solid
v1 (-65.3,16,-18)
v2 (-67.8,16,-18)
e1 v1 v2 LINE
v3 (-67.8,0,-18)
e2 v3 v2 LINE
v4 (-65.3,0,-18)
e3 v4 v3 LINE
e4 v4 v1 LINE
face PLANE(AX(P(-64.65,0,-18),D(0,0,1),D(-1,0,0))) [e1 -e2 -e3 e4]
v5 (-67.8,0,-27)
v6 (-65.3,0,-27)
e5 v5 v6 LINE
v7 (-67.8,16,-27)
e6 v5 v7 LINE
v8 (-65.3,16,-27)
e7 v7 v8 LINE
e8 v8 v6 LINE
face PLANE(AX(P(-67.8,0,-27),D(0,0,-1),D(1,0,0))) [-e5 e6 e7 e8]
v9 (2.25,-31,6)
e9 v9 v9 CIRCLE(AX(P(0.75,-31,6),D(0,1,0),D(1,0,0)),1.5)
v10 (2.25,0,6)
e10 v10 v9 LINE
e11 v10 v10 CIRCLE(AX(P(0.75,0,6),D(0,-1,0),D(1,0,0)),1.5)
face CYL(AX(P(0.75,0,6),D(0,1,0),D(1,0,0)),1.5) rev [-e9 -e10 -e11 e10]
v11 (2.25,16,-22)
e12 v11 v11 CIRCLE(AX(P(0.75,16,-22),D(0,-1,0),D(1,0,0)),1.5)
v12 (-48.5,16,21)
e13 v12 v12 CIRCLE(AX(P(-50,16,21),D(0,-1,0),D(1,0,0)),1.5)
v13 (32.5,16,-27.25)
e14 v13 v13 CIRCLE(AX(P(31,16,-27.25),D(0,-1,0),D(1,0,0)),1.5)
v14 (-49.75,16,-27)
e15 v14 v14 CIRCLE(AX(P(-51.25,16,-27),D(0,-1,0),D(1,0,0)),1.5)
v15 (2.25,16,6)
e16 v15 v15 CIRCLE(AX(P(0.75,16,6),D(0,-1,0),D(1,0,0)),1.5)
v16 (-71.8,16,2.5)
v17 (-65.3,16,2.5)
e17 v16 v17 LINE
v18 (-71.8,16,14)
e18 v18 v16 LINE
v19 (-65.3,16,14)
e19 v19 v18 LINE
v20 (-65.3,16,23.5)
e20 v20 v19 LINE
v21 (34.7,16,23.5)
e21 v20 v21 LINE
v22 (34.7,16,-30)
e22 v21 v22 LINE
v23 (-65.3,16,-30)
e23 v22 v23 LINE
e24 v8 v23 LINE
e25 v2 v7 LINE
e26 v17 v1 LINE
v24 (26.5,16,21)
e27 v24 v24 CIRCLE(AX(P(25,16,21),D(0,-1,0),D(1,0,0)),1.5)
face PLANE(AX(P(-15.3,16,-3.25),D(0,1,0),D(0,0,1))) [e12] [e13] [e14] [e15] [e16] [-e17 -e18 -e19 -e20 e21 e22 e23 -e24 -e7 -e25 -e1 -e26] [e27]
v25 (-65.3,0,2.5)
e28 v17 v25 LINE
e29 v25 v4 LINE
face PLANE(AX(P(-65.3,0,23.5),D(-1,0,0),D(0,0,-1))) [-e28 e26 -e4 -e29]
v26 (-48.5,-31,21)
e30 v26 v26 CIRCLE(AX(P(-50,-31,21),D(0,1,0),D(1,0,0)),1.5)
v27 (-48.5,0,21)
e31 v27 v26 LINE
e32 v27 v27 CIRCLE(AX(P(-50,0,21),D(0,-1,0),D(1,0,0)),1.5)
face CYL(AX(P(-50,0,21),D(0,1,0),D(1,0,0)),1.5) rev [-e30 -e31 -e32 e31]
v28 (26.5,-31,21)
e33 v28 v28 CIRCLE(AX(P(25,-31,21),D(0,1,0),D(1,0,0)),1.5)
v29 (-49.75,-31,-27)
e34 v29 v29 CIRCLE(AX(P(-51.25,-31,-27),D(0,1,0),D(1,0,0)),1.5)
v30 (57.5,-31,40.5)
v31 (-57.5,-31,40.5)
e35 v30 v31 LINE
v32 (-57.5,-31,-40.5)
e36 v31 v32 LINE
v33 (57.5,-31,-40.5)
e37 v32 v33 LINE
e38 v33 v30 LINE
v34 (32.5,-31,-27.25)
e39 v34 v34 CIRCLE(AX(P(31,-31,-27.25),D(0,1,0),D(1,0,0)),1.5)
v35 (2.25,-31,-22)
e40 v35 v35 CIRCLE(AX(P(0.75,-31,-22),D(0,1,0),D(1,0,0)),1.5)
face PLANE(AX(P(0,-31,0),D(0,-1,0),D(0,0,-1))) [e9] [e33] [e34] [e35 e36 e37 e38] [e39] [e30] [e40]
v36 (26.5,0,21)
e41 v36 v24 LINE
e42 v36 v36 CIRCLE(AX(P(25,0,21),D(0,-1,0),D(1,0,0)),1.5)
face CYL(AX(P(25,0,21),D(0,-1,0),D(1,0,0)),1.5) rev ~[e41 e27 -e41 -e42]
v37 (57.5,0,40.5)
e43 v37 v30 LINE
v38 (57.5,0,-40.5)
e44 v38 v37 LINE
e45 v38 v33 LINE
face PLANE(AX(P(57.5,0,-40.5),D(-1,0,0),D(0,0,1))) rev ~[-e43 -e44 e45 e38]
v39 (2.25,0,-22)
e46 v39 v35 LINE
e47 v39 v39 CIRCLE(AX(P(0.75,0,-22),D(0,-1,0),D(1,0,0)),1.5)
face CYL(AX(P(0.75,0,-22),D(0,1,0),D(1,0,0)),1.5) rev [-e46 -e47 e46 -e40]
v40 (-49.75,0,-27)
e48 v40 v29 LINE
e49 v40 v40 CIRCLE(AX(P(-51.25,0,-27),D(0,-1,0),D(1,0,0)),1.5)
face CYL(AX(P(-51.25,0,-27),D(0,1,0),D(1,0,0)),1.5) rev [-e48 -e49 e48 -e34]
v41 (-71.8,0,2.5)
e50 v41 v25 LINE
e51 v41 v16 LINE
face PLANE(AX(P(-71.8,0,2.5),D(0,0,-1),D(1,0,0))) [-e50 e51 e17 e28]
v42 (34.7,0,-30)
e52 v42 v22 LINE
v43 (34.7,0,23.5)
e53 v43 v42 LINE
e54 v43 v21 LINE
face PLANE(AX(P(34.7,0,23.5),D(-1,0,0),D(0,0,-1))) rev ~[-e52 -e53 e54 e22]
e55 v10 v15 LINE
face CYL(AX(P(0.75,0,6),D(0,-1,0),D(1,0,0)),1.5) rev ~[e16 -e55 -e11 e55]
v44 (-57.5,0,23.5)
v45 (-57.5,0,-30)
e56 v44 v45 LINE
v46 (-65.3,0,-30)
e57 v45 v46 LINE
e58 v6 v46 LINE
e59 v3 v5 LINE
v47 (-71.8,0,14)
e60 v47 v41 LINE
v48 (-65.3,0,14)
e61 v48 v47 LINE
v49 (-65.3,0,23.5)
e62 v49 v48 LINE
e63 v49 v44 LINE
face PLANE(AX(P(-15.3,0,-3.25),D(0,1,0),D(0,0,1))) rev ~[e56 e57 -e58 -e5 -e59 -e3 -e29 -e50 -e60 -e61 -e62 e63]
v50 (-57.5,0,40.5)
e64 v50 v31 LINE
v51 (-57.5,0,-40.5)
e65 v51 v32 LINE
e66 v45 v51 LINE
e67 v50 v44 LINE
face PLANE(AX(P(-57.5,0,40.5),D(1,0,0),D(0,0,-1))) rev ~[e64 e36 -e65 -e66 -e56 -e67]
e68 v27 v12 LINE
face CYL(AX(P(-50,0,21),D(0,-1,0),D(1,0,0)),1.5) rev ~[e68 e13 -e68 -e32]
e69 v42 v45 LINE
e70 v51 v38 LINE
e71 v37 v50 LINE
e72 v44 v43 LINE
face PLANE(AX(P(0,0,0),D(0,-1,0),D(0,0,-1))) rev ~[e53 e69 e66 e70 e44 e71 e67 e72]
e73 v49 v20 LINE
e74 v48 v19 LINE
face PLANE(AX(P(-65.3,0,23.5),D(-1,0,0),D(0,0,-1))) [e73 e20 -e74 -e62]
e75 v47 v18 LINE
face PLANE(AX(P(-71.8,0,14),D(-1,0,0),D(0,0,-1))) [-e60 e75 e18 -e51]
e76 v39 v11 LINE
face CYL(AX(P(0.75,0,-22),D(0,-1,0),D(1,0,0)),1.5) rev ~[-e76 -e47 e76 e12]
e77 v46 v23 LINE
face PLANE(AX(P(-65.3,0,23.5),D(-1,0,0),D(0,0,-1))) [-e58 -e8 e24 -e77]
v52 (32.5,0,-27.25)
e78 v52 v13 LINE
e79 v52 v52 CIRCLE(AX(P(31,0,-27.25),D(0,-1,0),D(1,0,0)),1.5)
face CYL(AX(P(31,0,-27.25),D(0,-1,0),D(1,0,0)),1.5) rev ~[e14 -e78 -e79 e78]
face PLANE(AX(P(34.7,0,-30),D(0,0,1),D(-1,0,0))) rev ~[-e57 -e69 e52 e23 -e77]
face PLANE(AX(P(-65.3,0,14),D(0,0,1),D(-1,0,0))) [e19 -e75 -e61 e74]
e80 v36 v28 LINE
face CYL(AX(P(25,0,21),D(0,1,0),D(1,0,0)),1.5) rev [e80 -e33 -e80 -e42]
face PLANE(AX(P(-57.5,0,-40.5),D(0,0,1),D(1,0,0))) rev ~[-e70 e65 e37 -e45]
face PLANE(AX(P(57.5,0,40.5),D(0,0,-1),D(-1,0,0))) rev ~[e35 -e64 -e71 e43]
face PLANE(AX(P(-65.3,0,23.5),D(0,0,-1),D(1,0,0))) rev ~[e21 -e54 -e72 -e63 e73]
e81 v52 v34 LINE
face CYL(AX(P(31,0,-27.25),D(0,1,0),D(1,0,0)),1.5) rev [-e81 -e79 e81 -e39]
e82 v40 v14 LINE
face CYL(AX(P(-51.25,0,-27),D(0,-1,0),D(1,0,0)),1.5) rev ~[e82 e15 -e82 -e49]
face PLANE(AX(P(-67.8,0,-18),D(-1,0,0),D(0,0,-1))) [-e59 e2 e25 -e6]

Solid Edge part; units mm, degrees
sketch "Sketch1" plane through (0, 0, 0) normal (0, -1, 0) x (1, 0, 0)
  line L0 (57.5, -40.5) -> (57.5, 40.5)
  line L1 (57.5, 40.5) -> (-57.5, 40.5)
  line L2 (-57.5, 40.5) -> (-57.5, -40.5)
  line L3 (-57.5, -40.5) -> (57.5, -40.5)
extrude "Protrusion1" add sketch "Sketch1" along normal blind 31
sketch "Sketch2" plane through (0, 0, 0) normal (0, -1, 0) x (1, 0, 0)
  line L0 (-65.3, 23.5) -> (34.7, 23.5)
  line L1 (34.7, 23.5) -> (34.7, -30)
  line L2 (34.7, -30) -> (-65.3, -30)
  line L3 (-65.3, 23.5) -> (-65.3, -30)
extrude "Arduino" add sketch "Sketch2" against normal blind 16
sketch "Sketch3" plane through (0, 0, 0) normal (0, -1, 0) x (1, 0, 0)
  line L0 (-71.8, 14) -> (-71.8, 2.5)
  line L1 (-71.8, 2.5) -> (-57.5, 2.5)
  line L2 (-57.5, 2.5) -> (-57.5, 14)
  line L3 (-57.5, 14) -> (-65.3, 14)
  line L4 (-65.3, 14) -> (-71.8, 14)
  line L5 (-67.8, -18) -> (-67.8, -27)
  line L6 (-67.8, -27) -> (-57.5, -27)
  line L7 (-57.5, -27) -> (-57.5, -18)
  line L8 (-57.5, -18) -> (-64.65, -18)
  line L9 (-64.65, -18) -> (-67.8, -18)
extrude "Conectores" add sketch "Sketch3" against normal blind 16
sketch "Sketch4" plane through (0, 0, 0) normal (0, -1, 0) x (1, 0, 0)
  circle A0 centre (-50, 21) radius 1.5
  circle A1 centre (25, 21) radius 1.5
  circle A2 centre (31, -27.25) radius 1.5
  circle A3 centre (-51.25, -27) radius 1.5
  circle A4 centre (0.75, -22) radius 1.5
  circle A5 centre (0.75, 6) radius 1.5
extrude "Agujeros" cut sketch "Sketch4" along normal mid plane 70.2775
